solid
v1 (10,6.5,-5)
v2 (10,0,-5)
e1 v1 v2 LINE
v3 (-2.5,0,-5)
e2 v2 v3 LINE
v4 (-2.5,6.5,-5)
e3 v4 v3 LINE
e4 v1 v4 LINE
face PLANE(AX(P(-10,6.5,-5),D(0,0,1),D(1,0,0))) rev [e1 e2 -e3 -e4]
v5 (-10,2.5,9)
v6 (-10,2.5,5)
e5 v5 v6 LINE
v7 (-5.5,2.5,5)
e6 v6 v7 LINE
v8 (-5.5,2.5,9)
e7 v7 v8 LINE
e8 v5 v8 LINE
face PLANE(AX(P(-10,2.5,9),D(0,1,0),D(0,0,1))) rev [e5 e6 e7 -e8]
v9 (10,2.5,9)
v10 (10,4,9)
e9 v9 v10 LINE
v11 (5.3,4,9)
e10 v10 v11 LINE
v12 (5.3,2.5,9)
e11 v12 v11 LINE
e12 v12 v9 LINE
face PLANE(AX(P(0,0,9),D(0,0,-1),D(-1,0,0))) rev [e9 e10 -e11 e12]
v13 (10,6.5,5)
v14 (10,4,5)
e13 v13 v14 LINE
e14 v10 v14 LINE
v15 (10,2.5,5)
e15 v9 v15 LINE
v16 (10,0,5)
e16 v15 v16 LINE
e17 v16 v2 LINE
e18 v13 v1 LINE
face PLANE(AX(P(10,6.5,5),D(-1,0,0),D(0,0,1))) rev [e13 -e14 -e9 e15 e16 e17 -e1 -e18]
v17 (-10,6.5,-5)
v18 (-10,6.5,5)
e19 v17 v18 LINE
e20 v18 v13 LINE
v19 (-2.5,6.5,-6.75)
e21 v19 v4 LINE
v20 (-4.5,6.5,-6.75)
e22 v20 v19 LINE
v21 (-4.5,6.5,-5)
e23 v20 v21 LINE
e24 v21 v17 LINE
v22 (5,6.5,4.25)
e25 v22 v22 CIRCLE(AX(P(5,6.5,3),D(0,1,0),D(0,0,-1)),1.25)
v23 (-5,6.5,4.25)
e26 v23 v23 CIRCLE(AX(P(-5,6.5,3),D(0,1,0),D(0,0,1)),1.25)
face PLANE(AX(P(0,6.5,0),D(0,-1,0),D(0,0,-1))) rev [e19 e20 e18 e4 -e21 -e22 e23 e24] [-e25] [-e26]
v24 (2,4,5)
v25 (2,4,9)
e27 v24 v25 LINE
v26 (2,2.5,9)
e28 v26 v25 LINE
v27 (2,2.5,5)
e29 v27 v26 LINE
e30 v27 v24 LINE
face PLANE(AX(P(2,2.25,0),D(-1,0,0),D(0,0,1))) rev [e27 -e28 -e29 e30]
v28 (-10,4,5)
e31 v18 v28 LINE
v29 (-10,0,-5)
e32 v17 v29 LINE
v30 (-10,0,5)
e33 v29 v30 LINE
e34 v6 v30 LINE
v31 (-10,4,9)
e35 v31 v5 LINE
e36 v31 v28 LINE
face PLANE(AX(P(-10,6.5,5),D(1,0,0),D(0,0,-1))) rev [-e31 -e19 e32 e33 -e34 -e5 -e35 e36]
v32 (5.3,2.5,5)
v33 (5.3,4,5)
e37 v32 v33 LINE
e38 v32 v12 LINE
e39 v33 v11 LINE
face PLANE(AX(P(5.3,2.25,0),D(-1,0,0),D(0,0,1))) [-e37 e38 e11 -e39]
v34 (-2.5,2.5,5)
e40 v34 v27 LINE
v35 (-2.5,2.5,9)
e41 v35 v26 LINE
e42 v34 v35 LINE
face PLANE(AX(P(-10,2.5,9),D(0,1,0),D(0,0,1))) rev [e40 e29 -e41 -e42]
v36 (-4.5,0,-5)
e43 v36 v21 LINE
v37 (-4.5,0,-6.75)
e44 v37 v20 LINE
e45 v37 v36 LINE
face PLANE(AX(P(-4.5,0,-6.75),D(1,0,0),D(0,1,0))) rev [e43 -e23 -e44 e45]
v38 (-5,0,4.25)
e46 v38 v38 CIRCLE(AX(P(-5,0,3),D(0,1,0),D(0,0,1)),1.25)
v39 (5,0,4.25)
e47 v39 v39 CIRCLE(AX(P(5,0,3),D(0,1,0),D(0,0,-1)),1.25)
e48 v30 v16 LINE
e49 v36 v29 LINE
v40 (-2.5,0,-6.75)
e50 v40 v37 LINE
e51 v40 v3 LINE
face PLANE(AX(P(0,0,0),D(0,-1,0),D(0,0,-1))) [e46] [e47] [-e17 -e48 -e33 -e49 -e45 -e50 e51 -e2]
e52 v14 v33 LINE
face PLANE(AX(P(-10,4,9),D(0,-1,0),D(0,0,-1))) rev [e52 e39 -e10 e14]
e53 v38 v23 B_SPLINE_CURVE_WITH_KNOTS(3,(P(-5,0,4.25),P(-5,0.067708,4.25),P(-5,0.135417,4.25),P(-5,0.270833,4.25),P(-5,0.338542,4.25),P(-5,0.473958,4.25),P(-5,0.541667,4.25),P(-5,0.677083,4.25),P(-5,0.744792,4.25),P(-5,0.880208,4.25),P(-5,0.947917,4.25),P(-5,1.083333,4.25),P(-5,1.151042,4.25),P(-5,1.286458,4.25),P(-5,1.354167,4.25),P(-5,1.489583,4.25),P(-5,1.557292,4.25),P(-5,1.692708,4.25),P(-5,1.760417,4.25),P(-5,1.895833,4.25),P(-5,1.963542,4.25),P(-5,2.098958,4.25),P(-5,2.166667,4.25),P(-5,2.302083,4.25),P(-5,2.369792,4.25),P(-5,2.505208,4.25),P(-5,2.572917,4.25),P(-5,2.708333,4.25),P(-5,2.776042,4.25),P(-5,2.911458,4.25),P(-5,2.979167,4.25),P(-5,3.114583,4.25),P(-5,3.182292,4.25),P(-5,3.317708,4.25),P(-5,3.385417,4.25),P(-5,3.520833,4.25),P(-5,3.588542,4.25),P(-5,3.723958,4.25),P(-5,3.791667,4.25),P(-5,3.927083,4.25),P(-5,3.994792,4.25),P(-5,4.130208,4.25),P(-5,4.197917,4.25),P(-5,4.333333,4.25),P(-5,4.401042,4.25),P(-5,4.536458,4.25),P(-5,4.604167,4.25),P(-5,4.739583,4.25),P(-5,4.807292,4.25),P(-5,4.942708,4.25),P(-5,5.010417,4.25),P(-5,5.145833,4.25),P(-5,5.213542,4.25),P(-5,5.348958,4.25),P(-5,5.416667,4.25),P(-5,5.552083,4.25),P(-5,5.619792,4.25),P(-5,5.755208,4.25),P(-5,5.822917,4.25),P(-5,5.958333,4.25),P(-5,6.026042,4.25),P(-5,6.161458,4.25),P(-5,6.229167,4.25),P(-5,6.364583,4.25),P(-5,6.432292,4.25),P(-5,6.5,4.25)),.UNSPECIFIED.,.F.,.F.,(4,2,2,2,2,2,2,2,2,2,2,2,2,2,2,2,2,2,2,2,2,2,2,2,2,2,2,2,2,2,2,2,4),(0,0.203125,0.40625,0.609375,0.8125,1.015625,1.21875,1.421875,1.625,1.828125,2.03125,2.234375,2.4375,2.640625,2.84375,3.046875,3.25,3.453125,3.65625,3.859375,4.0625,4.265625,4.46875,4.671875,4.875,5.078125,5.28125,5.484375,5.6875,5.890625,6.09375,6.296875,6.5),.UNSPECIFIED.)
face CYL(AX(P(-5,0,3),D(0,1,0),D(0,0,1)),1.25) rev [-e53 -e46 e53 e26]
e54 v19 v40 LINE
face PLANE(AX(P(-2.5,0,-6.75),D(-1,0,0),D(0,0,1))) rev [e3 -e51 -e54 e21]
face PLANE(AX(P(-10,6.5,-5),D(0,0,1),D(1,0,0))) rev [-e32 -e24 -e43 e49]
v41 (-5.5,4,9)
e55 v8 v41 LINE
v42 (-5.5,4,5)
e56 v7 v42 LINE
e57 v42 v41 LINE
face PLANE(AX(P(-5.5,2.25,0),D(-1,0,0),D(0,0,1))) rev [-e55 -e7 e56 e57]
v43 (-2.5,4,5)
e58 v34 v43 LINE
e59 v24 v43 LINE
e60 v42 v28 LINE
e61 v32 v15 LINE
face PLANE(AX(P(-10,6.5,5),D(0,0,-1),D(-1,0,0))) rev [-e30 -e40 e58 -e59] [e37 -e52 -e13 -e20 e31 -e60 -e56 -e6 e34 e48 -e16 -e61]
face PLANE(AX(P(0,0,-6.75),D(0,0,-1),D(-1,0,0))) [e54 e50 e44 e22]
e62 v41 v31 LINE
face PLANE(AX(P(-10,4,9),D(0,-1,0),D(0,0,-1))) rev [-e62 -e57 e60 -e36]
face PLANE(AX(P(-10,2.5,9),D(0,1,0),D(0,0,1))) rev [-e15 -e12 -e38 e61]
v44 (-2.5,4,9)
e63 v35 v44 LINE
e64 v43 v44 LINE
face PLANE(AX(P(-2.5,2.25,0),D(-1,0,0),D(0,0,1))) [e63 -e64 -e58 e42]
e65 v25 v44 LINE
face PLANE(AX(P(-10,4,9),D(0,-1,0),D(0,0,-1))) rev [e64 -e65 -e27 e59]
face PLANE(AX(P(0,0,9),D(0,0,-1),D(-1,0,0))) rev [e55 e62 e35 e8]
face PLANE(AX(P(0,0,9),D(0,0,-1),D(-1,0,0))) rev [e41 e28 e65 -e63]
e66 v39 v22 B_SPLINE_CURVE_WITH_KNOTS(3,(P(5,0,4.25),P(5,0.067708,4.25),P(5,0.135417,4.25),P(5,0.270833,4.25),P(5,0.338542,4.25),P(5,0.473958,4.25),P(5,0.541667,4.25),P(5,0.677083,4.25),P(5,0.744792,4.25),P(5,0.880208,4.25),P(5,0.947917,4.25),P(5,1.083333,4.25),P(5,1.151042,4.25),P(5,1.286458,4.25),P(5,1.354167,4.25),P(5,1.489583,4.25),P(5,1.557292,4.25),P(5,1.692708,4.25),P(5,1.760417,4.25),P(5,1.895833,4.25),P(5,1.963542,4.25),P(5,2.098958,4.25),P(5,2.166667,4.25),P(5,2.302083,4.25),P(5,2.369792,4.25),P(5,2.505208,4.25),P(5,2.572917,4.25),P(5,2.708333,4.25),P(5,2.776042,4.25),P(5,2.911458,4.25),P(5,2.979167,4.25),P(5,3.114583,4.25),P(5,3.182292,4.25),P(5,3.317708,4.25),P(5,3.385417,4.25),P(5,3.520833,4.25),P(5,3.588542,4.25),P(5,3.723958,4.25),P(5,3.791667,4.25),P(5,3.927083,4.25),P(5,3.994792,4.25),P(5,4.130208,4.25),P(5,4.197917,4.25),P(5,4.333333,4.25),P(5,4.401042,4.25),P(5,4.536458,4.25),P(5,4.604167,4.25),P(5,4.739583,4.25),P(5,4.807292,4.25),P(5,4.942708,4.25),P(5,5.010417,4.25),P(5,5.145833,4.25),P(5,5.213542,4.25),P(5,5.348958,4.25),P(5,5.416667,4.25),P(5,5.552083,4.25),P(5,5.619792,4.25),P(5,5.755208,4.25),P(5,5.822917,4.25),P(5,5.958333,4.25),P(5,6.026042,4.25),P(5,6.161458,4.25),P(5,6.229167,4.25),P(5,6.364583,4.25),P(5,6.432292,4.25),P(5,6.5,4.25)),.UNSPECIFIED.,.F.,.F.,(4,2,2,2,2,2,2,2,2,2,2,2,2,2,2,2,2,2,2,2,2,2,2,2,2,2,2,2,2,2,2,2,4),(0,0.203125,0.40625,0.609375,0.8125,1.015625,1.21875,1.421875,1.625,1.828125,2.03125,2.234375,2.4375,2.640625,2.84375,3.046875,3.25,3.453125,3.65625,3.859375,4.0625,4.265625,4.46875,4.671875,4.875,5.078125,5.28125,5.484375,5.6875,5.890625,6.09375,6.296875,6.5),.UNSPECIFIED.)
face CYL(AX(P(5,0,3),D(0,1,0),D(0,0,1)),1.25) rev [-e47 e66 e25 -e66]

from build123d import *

# Parameters (mm, degrees)
SKETCH1_W           = 20
SKETCH1_H           = 10
BOSS_EXTRUDE1_DEPTH = 6.5
SKETCH2_W           = 20
SKETCH2_H           = 1.5
BOSS_EXTRUDE2_DEPTH = 4
SKETCH3_R           = 1.25
CUT_EXTRUDE1_DEPTH  = 15.941552797
SKETCH4_W           = 2
SKETCH4_H           = 6.5
BOSS_EXTRUDE3_DEPTH = 1.75
SKETCH5_W           = 3
SKETCH5_H           = 4
SKETCH5_W_2         = 3.3
CUT_EXTRUDE2_DEPTH  = 1.75


with BuildPart() as part:
    # Sketch1 → Boss-Extrude1 (new body)
    with BuildSketch(Plane(origin=(0, 0, 0), x_dir=(1, 0, 0), z_dir=(0, 1, 0))):
        Rectangle(SKETCH1_W, SKETCH1_H)
    extrude(amount=BOSS_EXTRUDE1_DEPTH)

    # Sketch2 → Boss-Extrude2 (add)
    with BuildSketch(Plane.XY.offset(5)):
        with Locations((0, 3.25)):
            Rectangle(SKETCH2_W, SKETCH2_H)
    extrude(amount=BOSS_EXTRUDE2_DEPTH)

    # Sketch3 → Cut-Extrude1 (cut, through all)
    with BuildSketch(Plane(origin=(0, 6.5, 0), x_dir=(1, 0, 0), z_dir=(0, 1, 0))):
        with Locations(Location((-5, -3, 0), (0, 0, 270))):
            Circle(SKETCH3_R)
        with Locations(Location((5, -3, 0), (0, 0, 270))):
            Circle(SKETCH3_R)
    extrude(amount=-CUT_EXTRUDE1_DEPTH, mode=Mode.SUBTRACT)

    # Sketch4 → Boss-Extrude3 (add)
    with BuildSketch(Plane(origin=(0, 0, -5), x_dir=(-1, 0, 0), z_dir=(0, 0, -1))):
        with Locations((3.5, 3.25)):
            Rectangle(SKETCH4_W, SKETCH4_H)
    extrude(amount=BOSS_EXTRUDE3_DEPTH)

    # Sketch5 → Cut-Extrude2 (cut)
    with BuildSketch(Plane(origin=(0, 4, 0), x_dir=(1, 0, 0), z_dir=(0, 1, 0))):
        with Locations((-4, -7)):
            Rectangle(SKETCH5_W, SKETCH5_H)
        with Locations((3.65, -7)):
            Rectangle(SKETCH5_W_2, SKETCH5_H)
    extrude(amount=-CUT_EXTRUDE2_DEPTH, mode=Mode.SUBTRACT)


solid = part.part
